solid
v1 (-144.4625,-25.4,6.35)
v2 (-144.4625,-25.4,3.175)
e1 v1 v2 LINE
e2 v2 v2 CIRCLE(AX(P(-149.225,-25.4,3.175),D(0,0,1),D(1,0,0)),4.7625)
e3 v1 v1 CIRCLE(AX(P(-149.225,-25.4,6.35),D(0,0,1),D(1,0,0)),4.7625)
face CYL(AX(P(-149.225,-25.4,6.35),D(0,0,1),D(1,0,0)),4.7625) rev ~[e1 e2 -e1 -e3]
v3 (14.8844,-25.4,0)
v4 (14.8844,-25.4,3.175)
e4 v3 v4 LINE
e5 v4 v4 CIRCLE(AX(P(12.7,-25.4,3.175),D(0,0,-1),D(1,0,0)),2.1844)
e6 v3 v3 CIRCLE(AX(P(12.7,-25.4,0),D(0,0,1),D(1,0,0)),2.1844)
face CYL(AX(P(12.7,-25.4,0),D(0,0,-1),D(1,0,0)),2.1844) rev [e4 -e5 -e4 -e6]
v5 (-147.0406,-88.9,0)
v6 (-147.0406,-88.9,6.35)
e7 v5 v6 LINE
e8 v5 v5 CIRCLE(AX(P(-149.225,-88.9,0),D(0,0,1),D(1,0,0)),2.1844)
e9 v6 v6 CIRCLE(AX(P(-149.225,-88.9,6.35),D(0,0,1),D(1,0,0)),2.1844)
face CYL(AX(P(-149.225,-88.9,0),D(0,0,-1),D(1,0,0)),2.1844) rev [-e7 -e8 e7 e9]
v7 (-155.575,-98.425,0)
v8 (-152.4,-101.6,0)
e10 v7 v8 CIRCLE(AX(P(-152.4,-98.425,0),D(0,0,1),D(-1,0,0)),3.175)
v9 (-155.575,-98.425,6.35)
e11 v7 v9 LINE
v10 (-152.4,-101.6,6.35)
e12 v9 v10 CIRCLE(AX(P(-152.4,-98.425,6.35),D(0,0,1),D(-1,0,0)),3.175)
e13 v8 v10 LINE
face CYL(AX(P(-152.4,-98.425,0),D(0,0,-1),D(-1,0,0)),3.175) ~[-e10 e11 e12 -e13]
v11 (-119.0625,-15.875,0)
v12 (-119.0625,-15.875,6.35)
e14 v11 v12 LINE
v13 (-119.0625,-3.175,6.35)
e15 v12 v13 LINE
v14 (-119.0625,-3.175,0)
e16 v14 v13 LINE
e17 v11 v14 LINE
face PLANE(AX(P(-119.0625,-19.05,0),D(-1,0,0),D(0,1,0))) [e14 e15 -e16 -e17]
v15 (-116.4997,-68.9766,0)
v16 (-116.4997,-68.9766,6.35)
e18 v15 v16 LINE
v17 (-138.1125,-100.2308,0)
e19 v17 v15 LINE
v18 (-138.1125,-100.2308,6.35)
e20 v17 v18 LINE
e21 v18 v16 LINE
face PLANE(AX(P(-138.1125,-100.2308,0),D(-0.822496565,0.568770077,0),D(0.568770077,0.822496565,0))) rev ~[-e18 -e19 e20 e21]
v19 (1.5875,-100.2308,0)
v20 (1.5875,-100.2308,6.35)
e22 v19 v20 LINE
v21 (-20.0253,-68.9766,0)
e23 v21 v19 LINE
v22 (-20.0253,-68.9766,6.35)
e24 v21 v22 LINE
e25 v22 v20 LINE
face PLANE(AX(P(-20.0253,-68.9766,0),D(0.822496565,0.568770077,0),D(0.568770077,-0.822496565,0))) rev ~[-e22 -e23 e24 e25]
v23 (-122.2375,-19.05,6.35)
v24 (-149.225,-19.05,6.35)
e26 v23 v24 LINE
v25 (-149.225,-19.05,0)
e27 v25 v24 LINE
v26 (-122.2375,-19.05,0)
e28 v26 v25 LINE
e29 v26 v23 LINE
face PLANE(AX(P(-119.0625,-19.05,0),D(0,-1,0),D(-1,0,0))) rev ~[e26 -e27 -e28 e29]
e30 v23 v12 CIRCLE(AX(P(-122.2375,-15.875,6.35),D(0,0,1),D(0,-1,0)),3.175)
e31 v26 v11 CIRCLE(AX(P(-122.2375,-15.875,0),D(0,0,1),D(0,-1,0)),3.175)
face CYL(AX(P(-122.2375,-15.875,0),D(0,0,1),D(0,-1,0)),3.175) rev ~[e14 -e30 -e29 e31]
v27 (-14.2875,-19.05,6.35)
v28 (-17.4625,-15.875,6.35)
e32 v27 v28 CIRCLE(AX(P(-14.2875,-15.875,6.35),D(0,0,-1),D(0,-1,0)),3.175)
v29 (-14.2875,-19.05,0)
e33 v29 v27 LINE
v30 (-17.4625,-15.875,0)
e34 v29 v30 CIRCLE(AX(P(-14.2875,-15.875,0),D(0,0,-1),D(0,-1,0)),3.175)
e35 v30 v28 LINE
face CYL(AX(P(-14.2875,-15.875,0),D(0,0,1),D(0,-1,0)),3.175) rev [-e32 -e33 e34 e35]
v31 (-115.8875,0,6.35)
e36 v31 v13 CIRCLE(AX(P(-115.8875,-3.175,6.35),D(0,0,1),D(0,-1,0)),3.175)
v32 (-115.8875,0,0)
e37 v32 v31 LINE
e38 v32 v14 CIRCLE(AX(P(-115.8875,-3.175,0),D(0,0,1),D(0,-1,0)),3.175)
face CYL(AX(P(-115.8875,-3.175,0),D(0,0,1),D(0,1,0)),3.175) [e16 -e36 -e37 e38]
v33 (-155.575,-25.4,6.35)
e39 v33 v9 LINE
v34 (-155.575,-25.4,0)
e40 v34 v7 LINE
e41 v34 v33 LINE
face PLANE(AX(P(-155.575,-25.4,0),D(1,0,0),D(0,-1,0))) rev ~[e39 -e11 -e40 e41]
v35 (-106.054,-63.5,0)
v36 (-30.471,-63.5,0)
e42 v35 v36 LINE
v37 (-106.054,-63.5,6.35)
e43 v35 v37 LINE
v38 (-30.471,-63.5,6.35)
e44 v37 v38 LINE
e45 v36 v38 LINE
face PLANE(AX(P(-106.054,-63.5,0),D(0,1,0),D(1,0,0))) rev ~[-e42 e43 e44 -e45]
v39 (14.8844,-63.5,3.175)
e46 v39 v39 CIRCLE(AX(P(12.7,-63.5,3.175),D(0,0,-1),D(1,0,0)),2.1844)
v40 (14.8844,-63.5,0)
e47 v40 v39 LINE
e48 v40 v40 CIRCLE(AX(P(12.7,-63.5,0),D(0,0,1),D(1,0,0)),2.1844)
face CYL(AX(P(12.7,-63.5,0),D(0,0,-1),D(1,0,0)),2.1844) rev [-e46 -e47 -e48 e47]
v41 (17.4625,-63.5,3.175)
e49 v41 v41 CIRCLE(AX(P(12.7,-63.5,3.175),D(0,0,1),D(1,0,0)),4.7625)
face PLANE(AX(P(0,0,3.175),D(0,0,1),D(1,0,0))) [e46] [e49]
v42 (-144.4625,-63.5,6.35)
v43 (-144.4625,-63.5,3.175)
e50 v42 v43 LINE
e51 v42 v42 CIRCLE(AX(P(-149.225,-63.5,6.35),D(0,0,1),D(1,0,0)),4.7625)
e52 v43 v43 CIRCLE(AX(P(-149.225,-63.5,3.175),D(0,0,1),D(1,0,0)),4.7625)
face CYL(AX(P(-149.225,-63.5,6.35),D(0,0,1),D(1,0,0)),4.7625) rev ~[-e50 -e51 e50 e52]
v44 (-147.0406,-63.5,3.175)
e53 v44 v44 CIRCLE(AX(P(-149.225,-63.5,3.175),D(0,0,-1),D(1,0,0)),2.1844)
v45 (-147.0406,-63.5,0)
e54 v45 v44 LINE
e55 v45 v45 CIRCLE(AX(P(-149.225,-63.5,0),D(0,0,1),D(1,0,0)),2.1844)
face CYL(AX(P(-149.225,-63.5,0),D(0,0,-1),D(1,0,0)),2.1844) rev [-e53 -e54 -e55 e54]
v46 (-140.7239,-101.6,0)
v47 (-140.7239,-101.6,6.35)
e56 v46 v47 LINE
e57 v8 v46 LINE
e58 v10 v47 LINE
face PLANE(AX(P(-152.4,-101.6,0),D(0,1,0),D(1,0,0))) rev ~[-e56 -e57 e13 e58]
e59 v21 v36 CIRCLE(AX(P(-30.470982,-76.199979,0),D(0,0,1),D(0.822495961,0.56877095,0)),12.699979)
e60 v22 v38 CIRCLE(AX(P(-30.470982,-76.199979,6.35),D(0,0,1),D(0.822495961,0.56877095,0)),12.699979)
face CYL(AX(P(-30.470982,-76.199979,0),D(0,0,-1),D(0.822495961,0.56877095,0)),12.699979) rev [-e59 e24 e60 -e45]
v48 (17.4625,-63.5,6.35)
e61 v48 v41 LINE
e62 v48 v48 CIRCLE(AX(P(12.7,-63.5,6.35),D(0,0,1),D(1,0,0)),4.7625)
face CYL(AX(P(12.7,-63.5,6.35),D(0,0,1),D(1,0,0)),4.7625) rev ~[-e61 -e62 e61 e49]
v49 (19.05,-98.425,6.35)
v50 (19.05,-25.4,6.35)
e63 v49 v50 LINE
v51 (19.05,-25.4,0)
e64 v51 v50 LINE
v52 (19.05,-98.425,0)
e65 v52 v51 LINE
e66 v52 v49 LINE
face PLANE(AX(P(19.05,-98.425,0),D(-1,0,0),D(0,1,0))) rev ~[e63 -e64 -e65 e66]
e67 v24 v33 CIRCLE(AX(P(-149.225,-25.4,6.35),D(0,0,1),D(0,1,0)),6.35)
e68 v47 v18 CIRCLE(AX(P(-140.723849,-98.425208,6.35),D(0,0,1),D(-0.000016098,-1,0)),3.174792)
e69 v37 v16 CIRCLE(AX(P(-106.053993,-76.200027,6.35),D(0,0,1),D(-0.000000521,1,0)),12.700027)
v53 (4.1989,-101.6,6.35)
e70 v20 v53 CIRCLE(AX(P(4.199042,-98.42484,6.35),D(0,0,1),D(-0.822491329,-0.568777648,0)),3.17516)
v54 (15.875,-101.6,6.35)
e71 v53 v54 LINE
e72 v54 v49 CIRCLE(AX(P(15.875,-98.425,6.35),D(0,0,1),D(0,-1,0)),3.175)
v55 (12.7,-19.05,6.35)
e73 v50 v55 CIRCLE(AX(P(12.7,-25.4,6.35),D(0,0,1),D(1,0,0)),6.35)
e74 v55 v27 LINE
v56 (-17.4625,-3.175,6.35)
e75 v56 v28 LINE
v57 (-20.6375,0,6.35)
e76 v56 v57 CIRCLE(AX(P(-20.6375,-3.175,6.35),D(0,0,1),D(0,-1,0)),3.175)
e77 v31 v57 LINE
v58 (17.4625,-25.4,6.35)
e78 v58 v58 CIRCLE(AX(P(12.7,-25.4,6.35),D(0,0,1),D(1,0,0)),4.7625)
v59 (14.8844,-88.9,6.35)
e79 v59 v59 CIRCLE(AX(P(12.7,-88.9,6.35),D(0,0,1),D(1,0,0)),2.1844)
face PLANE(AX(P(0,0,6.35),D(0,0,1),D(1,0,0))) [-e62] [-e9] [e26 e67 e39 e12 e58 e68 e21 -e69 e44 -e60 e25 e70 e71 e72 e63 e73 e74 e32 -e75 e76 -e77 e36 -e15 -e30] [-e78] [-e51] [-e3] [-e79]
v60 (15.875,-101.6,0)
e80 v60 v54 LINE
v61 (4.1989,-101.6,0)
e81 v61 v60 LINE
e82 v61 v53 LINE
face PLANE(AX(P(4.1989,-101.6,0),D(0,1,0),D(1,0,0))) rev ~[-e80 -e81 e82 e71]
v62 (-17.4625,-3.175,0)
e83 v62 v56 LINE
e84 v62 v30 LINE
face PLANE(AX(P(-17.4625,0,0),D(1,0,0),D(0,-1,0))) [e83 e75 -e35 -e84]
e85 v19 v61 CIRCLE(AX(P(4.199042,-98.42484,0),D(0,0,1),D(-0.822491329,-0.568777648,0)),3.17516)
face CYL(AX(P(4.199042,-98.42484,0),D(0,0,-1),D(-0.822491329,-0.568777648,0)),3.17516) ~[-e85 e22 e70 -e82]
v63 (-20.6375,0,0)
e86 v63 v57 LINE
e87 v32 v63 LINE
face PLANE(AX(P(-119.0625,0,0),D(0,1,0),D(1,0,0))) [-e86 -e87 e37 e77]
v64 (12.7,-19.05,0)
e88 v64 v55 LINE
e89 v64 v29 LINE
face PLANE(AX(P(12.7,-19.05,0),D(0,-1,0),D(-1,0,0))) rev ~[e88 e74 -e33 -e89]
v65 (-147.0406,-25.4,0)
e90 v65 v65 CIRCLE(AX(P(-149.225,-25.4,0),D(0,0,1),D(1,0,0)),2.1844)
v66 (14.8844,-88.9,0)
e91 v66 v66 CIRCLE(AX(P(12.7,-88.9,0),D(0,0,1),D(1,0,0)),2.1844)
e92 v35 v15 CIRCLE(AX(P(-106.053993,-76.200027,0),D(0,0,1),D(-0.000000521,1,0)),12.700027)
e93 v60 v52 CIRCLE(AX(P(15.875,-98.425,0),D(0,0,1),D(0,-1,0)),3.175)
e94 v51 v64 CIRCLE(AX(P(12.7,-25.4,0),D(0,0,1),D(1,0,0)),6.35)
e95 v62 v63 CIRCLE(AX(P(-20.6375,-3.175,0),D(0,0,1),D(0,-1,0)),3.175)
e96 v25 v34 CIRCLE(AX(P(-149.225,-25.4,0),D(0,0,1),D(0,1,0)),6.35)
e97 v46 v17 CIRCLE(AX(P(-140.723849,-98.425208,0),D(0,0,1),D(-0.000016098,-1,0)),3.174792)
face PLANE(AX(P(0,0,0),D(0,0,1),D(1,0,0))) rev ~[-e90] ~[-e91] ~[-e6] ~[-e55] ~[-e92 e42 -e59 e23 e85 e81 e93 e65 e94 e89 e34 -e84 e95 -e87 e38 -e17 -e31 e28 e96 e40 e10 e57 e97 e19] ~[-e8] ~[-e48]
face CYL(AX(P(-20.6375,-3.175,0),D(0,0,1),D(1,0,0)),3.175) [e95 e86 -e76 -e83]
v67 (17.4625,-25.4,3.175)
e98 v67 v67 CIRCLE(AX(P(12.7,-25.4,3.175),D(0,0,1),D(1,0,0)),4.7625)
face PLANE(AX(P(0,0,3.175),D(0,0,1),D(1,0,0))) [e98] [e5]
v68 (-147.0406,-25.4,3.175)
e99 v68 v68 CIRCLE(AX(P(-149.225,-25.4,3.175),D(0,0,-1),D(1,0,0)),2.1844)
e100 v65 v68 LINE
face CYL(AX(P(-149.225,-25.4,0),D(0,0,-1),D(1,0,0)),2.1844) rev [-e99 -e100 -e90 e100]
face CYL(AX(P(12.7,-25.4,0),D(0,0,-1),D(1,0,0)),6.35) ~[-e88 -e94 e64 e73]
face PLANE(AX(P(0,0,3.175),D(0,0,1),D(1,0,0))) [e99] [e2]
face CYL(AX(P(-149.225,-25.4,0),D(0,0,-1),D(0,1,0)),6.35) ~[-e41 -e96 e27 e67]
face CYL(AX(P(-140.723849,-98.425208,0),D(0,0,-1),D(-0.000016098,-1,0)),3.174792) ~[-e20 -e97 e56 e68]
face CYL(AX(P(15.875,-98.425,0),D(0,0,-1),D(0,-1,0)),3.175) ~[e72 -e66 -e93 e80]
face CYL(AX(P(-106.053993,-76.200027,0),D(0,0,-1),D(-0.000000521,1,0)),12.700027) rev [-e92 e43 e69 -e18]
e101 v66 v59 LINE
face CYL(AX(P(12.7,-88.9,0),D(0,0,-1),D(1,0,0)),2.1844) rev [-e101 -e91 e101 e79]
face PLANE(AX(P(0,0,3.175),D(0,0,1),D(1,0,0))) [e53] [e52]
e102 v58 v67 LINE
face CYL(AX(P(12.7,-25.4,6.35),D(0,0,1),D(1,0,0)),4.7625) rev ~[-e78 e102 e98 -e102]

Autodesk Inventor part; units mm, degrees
ref_plane "YZ Plane" through (0, 0, 0) normal (1, 0, 0) x (0, 1, 0)
ref_plane "XZ Plane" through (0, 0, 0) normal (0, 1, 0) x (-1, 0, 0)
ref_plane "XY Plane" through (0, 0, 0) normal (0, 0, 1) x (1, 0, 0)
sketch "Sketch1" plane through (0, 0, 0) normal (0, 0, 1) x (1, 0, 0)
  circle A0 centre (12.7, -88.9) radius 2.1844 projected
  circle A1 centre (-149.225, -88.9) radius 2.1844 projected
  circle A2 centre (12.7, -25.4) radius 2.1844 projected
  circle A3 centre (-149.225, -25.4) radius 2.1844 projected
  circle A4 centre (-149.225, -63.5) radius 2.1844 projected
  circle A5 centre (12.7, -63.5) radius 2.1844 projected
  line L0 (12.7, -19.05) -> (-149.225, -19.05)
  line L1 (-155.575, -25.4) -> (-155.575, -98.425)
  line L2 (-152.4, -101.6) -> (-140.7239, -101.6)
  line L3 (-138.1125, -100.2308) -> (-116.4997, -68.9766)
  line L4 (-106.054, -63.5) -> (-30.471, -63.5)
  line L5 (-20.0253, -68.9766) -> (1.5875, -100.2308)
  line L6 (4.1989, -101.6) -> (15.875, -101.6)
  line L7 (19.05, -98.425) -> (19.05, -25.4)
  arc A6 (19.05, -25.4) -> (12.7, -19.05) centre (12.7, -25.4) ccw
  arc A7 (-149.225, -19.05) -> (-155.575, -25.4) centre (-149.225, -25.4) ccw
  arc A8 (15.875, -101.6) -> (19.05, -98.425) centre (15.875, -98.425) ccw
  arc A9 (1.5875, -100.2308) -> (4.1989, -101.6) centre (4.1989, -98.425) ccw
  arc A10 (-140.7239, -101.6) -> (-138.1125, -100.2308) centre (-140.7239, -98.425) ccw
  arc A11 (-155.575, -98.425) -> (-152.4, -101.6) centre (-152.4, -98.425) ccw
  line L8 (-68.2625, -19.05) -> (-68.2625, -63.5) construction
  arc A12 (-20.0253, -68.9766) -> (-30.471, -63.5) centre (-30.471, -76.2) ccw
  arc A13 (-106.054, -63.5) -> (-116.4997, -68.9766) centre (-106.054, -76.2) ccw
  line L9 (-119.0625, -19.05) -> (-119.0625, 0)
  line L10 (-119.0625, 0) -> (-17.4625, 0)
  line L11 (-17.4625, 0) -> (-17.4625, -19.05)
  point P0 (0, 0)
  point P1 (-112.7125, -63.5)
  point P2 (-23.8125, -63.5)
  dimension "d0" = 6.35
  dimension "d2" = 3.175
  dimension "d3" = 12.7
  dimension "d4" = 88.9
  dimension "d5" = 44.45
  dimension "d6" = 25.4
  dimension "d7" = 12.7
  dimension "d23" = 101.6
  dimension "d24" = 19.05
extrude "Extrusion1" add sketch "Sketch1" along normal blind 6.35
fillet "Fillet2" radius 3.175 4 edges at (-119.0625, 0, 3.175) (-119.0625, -19.05, 3.175) (-17.4625, 0, 3.175) (-17.4625, -19.05, 3.175)
sketch "Sketch3" plane through (0, 0, 6.35) normal (0, 0, 1) x (1, 0, 0)
  circle A0 centre (12.7, -25.4) radius 2.1844 projected
  circle A1 centre (12.7, -25.4) radius 4.7625
  circle A2 centre (12.7, -63.5) radius 2.1844 projected
  circle A3 centre (12.7, -63.5) radius 4.7625
  circle A4 centre (-149.225, -25.4) radius 2.1844 projected
  circle A5 centre (-149.225, -25.4) radius 4.7625
  circle A6 centre (-149.225, -63.5) radius 2.1844 projected
  circle A7 centre (-149.225, -63.5) radius 4.7625
  point P0 (0, 0)
  dimension "d26" = 9.525
  dimension "d27" = 9.525
  dimension "d28" = 9.525
  dimension "d29" = 9.525
extrude "Extrusion3" cut sketch "Sketch3" against normal blind 3.175 contours A0 | A1 | A2 | A3 | A4 | A5 | A6 | A7
properties part number "backalignermidgoal" material "Acetal Resin, Black"
